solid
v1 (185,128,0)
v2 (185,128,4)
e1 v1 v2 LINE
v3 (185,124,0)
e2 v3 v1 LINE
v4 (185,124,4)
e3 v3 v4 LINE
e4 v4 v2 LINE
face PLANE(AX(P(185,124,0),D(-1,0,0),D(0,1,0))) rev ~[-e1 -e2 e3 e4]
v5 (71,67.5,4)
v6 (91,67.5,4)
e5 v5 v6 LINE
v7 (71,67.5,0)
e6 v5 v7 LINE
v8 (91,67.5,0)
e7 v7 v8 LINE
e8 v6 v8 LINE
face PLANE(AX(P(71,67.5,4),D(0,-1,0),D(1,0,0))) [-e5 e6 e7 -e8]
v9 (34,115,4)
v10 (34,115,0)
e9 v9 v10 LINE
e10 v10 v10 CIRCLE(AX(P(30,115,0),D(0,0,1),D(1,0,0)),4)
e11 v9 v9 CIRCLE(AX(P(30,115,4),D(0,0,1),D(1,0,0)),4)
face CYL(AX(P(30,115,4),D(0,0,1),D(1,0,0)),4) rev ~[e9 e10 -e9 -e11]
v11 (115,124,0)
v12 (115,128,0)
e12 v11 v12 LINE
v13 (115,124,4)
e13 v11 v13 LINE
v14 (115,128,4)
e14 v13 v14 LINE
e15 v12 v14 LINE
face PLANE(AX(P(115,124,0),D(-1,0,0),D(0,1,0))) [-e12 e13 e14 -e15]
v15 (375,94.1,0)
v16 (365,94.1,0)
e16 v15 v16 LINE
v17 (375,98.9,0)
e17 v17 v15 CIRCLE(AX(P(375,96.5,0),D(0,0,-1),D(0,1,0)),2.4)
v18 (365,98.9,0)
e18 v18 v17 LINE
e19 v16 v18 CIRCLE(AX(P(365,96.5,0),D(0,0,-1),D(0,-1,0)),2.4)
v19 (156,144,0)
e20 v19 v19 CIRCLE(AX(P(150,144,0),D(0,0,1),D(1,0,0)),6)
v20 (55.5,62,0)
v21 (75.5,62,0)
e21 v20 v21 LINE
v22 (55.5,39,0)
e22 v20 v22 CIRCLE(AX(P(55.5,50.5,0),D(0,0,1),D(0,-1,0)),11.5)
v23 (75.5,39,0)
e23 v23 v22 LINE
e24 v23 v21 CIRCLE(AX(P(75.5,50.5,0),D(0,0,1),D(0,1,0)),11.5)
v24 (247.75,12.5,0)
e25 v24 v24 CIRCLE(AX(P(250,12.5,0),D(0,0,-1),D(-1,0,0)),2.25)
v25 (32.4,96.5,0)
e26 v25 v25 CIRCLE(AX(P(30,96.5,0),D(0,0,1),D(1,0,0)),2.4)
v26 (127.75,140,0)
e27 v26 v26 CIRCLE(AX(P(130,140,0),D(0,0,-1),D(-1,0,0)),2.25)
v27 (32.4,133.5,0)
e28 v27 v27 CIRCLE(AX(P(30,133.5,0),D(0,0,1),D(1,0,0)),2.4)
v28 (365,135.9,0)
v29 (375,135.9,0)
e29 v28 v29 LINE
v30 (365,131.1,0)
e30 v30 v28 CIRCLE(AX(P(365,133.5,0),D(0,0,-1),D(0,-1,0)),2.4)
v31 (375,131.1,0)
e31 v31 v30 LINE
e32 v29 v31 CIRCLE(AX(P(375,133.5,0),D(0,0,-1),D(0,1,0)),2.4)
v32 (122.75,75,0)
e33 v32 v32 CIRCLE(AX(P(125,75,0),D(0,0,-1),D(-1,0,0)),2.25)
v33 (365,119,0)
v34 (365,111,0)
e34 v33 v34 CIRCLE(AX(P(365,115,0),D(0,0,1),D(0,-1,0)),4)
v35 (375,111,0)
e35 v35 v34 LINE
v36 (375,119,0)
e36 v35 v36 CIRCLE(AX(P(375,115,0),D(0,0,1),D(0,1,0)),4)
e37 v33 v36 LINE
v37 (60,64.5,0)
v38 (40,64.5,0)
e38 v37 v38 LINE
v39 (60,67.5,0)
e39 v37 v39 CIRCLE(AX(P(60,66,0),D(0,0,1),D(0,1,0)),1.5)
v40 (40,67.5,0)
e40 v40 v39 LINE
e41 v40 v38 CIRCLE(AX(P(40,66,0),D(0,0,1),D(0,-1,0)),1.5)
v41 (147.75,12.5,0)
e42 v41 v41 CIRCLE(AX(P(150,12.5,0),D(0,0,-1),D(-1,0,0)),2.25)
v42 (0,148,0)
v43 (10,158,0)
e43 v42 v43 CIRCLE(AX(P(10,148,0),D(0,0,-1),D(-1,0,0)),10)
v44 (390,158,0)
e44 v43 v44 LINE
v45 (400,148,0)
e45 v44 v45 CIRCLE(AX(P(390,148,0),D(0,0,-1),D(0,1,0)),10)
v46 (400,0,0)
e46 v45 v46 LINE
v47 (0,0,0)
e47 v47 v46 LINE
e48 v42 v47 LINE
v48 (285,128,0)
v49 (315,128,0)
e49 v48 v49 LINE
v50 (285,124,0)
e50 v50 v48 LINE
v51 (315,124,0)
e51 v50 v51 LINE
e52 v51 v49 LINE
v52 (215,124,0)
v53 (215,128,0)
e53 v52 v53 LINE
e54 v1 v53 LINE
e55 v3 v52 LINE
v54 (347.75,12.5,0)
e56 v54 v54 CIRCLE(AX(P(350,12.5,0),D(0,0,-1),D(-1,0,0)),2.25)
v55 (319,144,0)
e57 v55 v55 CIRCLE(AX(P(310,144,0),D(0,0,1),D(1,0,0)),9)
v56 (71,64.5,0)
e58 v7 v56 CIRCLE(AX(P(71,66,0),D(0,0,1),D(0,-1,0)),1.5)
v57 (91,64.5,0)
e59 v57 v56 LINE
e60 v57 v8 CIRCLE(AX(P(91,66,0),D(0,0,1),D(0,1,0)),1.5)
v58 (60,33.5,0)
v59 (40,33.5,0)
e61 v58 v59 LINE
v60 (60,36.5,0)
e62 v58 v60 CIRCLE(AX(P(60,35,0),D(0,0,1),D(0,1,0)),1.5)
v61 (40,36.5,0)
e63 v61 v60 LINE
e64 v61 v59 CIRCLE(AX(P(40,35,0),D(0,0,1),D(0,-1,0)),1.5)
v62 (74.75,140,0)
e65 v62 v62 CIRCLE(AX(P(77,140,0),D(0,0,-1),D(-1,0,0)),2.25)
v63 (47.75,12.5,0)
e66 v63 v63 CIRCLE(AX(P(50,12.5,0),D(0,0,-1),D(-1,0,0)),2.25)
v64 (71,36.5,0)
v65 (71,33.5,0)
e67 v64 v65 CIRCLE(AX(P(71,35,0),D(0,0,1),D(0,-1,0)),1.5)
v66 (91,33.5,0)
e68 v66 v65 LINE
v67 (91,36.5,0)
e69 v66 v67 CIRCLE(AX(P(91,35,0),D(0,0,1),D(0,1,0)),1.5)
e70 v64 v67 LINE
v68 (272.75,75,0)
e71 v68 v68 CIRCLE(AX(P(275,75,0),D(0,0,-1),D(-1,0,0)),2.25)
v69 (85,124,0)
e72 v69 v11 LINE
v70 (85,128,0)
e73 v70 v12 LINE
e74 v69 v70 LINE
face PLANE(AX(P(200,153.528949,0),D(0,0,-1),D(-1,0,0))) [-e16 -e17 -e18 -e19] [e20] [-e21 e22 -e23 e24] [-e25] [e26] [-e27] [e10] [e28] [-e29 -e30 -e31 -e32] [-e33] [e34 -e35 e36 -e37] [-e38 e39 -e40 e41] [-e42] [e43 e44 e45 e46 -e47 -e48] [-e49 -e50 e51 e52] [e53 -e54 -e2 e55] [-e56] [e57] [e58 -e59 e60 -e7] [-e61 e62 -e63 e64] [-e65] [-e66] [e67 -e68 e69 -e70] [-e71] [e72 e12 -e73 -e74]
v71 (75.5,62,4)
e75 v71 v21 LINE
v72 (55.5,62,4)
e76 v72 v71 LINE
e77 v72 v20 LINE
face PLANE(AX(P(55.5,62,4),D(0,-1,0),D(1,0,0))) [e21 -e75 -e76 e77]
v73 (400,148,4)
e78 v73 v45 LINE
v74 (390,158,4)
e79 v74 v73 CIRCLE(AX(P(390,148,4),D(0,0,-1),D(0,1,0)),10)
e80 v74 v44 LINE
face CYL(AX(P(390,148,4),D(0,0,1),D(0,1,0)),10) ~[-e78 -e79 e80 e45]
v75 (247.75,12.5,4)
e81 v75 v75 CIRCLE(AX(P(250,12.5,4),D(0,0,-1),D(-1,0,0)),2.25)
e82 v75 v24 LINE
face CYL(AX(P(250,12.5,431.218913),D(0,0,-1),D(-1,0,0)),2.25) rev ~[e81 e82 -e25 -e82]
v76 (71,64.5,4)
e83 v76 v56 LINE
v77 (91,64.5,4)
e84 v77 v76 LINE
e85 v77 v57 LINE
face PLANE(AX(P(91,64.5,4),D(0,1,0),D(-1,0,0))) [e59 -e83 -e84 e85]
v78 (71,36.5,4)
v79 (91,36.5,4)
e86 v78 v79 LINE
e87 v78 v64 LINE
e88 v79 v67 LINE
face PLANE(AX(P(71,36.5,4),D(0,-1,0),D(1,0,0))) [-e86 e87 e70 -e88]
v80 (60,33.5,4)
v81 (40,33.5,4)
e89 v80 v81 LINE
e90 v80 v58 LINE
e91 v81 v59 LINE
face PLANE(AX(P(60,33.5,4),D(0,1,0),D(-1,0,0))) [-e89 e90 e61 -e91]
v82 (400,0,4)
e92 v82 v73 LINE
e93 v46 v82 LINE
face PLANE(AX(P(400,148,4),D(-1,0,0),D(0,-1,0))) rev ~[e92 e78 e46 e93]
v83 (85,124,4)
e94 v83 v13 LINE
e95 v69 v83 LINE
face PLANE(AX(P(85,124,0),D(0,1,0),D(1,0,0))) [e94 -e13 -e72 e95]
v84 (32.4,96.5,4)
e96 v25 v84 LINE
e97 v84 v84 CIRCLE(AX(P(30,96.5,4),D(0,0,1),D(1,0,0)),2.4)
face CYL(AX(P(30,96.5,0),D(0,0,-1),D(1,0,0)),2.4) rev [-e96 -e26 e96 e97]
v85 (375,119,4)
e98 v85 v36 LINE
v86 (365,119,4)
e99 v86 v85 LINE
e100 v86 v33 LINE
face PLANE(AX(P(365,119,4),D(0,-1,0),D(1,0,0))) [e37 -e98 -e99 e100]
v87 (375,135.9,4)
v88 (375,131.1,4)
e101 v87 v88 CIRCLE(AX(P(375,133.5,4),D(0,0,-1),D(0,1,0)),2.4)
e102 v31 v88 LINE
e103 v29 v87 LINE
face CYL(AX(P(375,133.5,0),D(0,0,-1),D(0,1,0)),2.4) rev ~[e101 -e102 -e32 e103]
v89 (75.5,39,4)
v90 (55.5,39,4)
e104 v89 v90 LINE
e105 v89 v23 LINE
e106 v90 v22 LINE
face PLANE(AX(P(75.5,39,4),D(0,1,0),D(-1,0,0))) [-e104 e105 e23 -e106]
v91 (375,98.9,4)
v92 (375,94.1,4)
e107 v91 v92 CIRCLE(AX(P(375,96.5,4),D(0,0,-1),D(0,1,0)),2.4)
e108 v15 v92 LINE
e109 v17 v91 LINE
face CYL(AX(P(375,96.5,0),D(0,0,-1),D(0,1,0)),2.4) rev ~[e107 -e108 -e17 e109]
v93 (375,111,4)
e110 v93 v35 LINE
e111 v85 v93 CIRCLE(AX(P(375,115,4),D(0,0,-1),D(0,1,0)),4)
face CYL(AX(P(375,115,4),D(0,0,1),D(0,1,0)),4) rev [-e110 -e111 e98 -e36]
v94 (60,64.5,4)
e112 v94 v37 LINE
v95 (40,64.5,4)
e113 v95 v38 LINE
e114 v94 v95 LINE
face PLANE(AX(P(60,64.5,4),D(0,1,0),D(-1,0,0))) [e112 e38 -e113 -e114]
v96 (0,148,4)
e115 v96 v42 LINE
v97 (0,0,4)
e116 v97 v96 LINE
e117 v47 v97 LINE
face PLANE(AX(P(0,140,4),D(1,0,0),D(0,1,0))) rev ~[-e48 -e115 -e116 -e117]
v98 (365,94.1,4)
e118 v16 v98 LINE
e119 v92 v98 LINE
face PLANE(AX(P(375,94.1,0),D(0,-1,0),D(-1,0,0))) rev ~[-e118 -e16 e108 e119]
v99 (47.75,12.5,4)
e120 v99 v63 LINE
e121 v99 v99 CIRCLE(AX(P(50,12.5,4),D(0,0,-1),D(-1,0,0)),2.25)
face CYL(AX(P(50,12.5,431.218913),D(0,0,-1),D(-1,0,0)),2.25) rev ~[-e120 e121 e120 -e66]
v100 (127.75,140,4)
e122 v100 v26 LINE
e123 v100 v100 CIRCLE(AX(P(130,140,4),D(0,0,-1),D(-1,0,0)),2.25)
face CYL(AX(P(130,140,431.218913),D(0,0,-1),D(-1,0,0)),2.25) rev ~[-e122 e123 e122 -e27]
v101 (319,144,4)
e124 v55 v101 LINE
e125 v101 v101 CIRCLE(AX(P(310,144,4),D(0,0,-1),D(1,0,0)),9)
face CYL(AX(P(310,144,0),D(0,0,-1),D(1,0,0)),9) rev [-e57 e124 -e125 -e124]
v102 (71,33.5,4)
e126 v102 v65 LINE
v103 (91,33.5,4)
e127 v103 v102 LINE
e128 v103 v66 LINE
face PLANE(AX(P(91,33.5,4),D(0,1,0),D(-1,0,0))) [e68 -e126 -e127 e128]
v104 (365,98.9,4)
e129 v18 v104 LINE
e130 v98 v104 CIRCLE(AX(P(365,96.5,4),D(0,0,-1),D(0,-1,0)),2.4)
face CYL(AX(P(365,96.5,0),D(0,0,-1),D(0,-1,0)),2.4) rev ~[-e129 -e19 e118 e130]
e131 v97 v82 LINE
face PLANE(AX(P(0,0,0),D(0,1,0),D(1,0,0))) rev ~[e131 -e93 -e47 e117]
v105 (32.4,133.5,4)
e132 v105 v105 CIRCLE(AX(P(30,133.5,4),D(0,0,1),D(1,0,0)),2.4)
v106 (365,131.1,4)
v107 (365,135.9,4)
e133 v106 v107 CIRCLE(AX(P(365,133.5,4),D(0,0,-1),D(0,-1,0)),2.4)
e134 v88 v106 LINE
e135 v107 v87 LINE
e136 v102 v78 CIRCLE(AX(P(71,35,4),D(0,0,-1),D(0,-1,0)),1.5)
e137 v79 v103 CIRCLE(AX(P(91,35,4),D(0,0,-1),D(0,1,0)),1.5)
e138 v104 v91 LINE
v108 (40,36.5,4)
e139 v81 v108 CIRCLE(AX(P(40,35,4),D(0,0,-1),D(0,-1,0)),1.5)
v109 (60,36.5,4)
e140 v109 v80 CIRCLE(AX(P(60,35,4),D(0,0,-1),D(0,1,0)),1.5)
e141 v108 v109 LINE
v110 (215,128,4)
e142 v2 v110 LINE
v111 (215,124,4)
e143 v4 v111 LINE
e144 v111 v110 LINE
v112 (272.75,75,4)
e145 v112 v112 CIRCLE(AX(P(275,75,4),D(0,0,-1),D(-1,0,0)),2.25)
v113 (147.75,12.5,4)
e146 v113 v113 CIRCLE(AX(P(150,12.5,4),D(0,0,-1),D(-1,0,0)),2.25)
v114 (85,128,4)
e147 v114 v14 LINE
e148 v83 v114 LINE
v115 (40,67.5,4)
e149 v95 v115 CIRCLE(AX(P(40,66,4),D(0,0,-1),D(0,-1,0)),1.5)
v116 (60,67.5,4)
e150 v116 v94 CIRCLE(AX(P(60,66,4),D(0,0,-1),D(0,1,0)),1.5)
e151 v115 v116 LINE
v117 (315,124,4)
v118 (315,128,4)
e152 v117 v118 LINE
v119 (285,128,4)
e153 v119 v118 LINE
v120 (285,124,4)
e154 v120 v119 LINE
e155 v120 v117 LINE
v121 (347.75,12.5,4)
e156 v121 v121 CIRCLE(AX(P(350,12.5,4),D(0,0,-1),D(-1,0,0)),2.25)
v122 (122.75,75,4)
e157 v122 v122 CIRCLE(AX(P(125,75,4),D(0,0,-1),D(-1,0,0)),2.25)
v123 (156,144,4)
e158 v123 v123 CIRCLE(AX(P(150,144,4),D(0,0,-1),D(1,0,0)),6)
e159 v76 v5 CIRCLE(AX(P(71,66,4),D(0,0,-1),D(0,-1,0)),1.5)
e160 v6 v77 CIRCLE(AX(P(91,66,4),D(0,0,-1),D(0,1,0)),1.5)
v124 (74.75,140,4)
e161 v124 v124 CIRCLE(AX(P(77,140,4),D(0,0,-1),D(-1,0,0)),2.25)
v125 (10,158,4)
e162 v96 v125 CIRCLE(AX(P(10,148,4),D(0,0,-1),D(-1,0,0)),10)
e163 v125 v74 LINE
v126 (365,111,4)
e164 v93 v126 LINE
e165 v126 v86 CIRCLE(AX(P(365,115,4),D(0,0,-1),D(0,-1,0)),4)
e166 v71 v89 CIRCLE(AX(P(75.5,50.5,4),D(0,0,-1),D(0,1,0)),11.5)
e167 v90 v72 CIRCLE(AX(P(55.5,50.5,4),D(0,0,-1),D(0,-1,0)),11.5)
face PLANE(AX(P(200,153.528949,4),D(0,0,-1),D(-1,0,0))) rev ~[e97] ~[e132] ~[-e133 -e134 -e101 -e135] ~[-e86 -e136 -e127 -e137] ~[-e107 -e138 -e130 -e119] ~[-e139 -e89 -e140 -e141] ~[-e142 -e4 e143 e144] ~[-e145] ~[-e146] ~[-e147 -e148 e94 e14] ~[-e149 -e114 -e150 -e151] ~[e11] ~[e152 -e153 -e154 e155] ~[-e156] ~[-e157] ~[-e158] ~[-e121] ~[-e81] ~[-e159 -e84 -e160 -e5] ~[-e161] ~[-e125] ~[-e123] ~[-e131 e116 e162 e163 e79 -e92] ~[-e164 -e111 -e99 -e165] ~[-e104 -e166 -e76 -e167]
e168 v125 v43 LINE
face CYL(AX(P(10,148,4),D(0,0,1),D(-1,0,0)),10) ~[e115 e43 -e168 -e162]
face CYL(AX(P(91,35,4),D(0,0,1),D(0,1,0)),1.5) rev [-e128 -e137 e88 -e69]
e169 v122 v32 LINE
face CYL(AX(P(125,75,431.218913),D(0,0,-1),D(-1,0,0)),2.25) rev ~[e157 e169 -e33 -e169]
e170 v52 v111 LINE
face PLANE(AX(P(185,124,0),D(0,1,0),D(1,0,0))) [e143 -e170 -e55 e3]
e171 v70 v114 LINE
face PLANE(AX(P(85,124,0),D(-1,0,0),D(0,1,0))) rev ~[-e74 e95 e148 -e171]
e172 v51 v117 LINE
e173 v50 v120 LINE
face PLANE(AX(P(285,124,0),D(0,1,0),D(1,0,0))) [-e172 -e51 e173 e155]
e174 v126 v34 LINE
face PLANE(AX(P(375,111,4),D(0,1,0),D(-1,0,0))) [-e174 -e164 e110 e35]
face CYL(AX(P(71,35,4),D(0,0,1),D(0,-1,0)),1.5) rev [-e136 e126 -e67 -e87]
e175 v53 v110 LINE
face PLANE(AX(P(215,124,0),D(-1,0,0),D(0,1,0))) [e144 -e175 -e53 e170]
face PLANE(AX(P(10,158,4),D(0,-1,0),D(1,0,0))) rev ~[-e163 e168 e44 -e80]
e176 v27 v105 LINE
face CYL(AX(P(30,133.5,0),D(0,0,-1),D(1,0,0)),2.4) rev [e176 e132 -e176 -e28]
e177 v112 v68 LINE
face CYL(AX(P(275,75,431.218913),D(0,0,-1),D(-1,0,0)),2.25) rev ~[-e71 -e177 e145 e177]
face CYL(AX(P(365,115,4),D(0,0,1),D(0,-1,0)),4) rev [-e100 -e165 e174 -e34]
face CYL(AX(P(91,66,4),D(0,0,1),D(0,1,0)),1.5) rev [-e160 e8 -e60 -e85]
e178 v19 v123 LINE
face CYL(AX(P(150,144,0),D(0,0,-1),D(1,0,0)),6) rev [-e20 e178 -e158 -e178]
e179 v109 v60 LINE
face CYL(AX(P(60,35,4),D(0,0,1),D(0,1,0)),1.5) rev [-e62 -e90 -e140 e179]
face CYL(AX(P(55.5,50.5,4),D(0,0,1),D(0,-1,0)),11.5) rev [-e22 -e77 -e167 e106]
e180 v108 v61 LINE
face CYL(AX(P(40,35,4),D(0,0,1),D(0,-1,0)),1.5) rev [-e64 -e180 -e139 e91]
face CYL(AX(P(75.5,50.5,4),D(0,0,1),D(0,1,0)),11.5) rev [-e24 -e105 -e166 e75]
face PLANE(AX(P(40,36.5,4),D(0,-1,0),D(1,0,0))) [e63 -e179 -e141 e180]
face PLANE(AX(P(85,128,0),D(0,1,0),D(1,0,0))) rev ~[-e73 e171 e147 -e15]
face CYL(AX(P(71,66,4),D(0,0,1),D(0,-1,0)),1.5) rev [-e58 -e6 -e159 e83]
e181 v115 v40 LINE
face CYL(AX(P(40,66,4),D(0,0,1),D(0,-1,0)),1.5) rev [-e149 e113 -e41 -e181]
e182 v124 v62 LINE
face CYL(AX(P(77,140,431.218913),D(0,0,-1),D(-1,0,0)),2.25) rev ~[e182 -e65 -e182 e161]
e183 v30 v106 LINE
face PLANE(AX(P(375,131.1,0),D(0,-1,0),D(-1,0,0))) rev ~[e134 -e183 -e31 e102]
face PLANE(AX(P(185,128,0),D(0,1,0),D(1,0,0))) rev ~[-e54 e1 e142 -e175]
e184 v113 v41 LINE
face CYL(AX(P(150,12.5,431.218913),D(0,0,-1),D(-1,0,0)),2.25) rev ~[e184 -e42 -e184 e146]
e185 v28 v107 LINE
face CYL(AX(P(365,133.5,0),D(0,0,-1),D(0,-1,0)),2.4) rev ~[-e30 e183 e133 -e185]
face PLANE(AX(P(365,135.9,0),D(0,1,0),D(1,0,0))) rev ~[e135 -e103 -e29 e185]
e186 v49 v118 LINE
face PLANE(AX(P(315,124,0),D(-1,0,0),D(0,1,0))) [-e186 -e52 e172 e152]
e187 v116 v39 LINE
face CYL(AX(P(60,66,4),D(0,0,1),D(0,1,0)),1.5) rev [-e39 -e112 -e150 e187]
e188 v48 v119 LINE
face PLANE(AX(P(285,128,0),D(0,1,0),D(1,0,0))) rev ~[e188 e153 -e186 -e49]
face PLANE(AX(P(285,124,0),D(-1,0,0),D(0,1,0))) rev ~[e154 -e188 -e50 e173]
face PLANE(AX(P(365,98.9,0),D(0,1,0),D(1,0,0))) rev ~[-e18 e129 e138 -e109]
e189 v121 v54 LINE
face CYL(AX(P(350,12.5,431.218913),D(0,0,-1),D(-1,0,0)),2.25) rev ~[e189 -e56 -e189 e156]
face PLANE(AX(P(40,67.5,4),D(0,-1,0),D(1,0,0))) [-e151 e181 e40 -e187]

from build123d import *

# Parameters (mm, degrees)
ESBO_O1_R                = 2.4
ESBO_O1_W                = 30
ESBO_O1_H                = 4
RESSALTO_EXTRUS_O1_DEPTH = 4
ESBO_O3_R                = 4
CORTE_EXTRUS_O1_DEPTH    = 6
FURO_COM_FOLGA_DE_M41_D  = 4.5
RESSALTO_EXTRUS_O2_DEPTH = 4
ESBO_O8_R                = 6
ESBO_O8_R_2              = 9
CORTE_EXTRUS_O4_DEPTH    = 5


with BuildPart() as part:
    # Esboço1 → Ressalto-extrusão1 (new body)
    with BuildSketch(Plane.XY):
        with BuildLine():
            Line((120, 130), (120, 140))
            ThreePointArc((120, 140), (122.928932188, 147.071067812), (130, 150))
            Line((130, 150), (50, 150))
            ThreePointArc((50, 150), (57.071067812, 147.071067812), (60, 140))
            Line((60, 140), (60, 130))
            Line((60, 130), (120, 130))
        make_face()
        with BuildLine():
            Line((0, 140), (0, 0))
            Line((0, 0), (400, 0))
            Line((400, 0), (400, 140))
            ThreePointArc((400, 140), (397.071067812, 147.071067812), (390, 150))
            Line((390, 150), (319, 150))
            Line((319, 150), (301, 150))
            Line((301, 150), (130, 150))
            ThreePointArc((130, 150), (122.928932188, 147.071067812), (120, 140))
            Line((120, 140), (120, 130))
            Line((120, 130), (60, 130))
            Line((60, 130), (60, 140))
            ThreePointArc((60, 140), (57.071067812, 147.071067812), (50, 150))
            Line((50, 150), (10, 150))
            ThreePointArc((10, 150), (2.928932188, 147.071067812), (0, 140))
        make_face()
        with Locations((30, 96.5)):
            Circle(ESBO_O1_R, mode=Mode.SUBTRACT)
        with Locations((30, 133.5)):
            Circle(ESBO_O1_R, mode=Mode.SUBTRACT)
        with Locations((100, 126)):
            Rectangle(ESBO_O1_W, ESBO_O1_H, mode=Mode.SUBTRACT)
        with BuildLine():
            ThreePointArc((365, 94.1), (362.6, 96.5), (365, 98.9))
            Line((365, 98.9), (375, 98.9))
            ThreePointArc((375, 98.9), (377.4, 96.5), (375, 94.1))
            Line((375, 94.1), (365, 94.1))
        make_face(mode=Mode.SUBTRACT)
        with Locations((200, 126)):
            Rectangle(ESBO_O1_W, ESBO_O1_H, mode=Mode.SUBTRACT)
        with Locations((300, 126)):
            Rectangle(ESBO_O1_W, ESBO_O1_H, mode=Mode.SUBTRACT)
        with BuildLine():
            ThreePointArc((365, 131.1), (362.6, 133.5), (365, 135.9))
            Line((365, 135.9), (375, 135.9))
            ThreePointArc((375, 135.9), (377.4, 133.5), (375, 131.1))
            Line((375, 131.1), (365, 131.1))
        make_face(mode=Mode.SUBTRACT)
    extrude(amount=RESSALTO_EXTRUS_O1_DEPTH)

    # Esboço3 → Corte-extrusão1 (cut)
    with BuildSketch(Plane.XY.offset(4)):
        with Locations((30, 115)):
            Circle(ESBO_O3_R)
        with BuildLine():
            Line((365, 119), (375, 119))
            ThreePointArc((375, 119), (379, 115), (375, 111))
            Line((375, 111), (365, 111))
            ThreePointArc((365, 111), (361, 115), (365, 119))
        make_face()
        with BuildLine():
            Line((40, 67.5), (60, 67.5))
            ThreePointArc((60, 67.5), (61.5, 66), (60, 64.5))
            Line((60, 64.5), (40, 64.5))
            ThreePointArc((40, 64.5), (38.5, 66), (40, 67.5))
        make_face()
        with BuildLine():
            Line((71, 36.5), (91, 36.5))
            ThreePointArc((91, 36.5), (92.5, 35), (91, 33.5))
            Line((91, 33.5), (71, 33.5))
            ThreePointArc((71, 33.5), (69.5, 35), (71, 36.5))
        make_face()
        with BuildLine():
            Line((71, 67.5), (91, 67.5))
            ThreePointArc((91, 67.5), (92.5, 66), (91, 64.5))
            Line((91, 64.5), (71, 64.5))
            ThreePointArc((71, 64.5), (69.5, 66), (71, 67.5))
        make_face()
        with BuildLine():
            Line((40, 36.5), (60, 36.5))
            ThreePointArc((60, 36.5), (61.5, 35), (60, 33.5))
            Line((60, 33.5), (40, 33.5))
            ThreePointArc((40, 33.5), (38.5, 35), (40, 36.5))
        make_face()
        with BuildLine():
            Line((55.5, 62), (75.5, 62))
            ThreePointArc((75.5, 62), (87, 50.5), (75.5, 39))
            Line((75.5, 39), (55.5, 39))
            ThreePointArc((55.5, 39), (44, 50.5), (55.5, 62))
        make_face()
    extrude(amount=-CORTE_EXTRUS_O1_DEPTH, mode=Mode.SUBTRACT)

    # Furo com folga de M41 (through all)
    with Locations(Plane(origin=(50, 12.5, 4), x_dir=(1, 0, 0), z_dir=(0, 0, 1))):
        with Locations((0, 0), (100, 0), (200, 0), (300, 0), (225, 62.5), (75, 62.5), (27, 127.5), (80, 127.5)):
            Hole(FURO_COM_FOLGA_DE_M41_D / 2)

    # Esboço5 → Ressalto-extrusão2 (add)
    with BuildSketch(Plane.XY.offset(4)):
        with BuildLine():
            Line((0, 140), (0, 148))
            ThreePointArc((0, 148), (2.928932188, 155.071067812), (10, 158))
            Line((10, 158), (390, 158))
            ThreePointArc((390, 158), (397.071067812, 155.071067812), (400, 148))
            Line((400, 148), (400, 140))
            ThreePointArc((400, 140), (397.071067812, 147.071067812), (390, 150))
            Line((390, 150), (10, 150))
            ThreePointArc((10, 150), (2.928932188, 147.071067812), (0, 140))
        make_face()
    extrude(amount=-RESSALTO_EXTRUS_O2_DEPTH)

    # Esboço8 → Corte-extrusão4 (cut, through all)
    with BuildSketch(Plane.XY):
        with Locations((150, 144)):
            Circle(ESBO_O8_R)
        with Locations((310, 144)):
            Circle(ESBO_O8_R_2)
    extrude(amount=CORTE_EXTRUS_O4_DEPTH, mode=Mode.SUBTRACT)


solid = part.part
